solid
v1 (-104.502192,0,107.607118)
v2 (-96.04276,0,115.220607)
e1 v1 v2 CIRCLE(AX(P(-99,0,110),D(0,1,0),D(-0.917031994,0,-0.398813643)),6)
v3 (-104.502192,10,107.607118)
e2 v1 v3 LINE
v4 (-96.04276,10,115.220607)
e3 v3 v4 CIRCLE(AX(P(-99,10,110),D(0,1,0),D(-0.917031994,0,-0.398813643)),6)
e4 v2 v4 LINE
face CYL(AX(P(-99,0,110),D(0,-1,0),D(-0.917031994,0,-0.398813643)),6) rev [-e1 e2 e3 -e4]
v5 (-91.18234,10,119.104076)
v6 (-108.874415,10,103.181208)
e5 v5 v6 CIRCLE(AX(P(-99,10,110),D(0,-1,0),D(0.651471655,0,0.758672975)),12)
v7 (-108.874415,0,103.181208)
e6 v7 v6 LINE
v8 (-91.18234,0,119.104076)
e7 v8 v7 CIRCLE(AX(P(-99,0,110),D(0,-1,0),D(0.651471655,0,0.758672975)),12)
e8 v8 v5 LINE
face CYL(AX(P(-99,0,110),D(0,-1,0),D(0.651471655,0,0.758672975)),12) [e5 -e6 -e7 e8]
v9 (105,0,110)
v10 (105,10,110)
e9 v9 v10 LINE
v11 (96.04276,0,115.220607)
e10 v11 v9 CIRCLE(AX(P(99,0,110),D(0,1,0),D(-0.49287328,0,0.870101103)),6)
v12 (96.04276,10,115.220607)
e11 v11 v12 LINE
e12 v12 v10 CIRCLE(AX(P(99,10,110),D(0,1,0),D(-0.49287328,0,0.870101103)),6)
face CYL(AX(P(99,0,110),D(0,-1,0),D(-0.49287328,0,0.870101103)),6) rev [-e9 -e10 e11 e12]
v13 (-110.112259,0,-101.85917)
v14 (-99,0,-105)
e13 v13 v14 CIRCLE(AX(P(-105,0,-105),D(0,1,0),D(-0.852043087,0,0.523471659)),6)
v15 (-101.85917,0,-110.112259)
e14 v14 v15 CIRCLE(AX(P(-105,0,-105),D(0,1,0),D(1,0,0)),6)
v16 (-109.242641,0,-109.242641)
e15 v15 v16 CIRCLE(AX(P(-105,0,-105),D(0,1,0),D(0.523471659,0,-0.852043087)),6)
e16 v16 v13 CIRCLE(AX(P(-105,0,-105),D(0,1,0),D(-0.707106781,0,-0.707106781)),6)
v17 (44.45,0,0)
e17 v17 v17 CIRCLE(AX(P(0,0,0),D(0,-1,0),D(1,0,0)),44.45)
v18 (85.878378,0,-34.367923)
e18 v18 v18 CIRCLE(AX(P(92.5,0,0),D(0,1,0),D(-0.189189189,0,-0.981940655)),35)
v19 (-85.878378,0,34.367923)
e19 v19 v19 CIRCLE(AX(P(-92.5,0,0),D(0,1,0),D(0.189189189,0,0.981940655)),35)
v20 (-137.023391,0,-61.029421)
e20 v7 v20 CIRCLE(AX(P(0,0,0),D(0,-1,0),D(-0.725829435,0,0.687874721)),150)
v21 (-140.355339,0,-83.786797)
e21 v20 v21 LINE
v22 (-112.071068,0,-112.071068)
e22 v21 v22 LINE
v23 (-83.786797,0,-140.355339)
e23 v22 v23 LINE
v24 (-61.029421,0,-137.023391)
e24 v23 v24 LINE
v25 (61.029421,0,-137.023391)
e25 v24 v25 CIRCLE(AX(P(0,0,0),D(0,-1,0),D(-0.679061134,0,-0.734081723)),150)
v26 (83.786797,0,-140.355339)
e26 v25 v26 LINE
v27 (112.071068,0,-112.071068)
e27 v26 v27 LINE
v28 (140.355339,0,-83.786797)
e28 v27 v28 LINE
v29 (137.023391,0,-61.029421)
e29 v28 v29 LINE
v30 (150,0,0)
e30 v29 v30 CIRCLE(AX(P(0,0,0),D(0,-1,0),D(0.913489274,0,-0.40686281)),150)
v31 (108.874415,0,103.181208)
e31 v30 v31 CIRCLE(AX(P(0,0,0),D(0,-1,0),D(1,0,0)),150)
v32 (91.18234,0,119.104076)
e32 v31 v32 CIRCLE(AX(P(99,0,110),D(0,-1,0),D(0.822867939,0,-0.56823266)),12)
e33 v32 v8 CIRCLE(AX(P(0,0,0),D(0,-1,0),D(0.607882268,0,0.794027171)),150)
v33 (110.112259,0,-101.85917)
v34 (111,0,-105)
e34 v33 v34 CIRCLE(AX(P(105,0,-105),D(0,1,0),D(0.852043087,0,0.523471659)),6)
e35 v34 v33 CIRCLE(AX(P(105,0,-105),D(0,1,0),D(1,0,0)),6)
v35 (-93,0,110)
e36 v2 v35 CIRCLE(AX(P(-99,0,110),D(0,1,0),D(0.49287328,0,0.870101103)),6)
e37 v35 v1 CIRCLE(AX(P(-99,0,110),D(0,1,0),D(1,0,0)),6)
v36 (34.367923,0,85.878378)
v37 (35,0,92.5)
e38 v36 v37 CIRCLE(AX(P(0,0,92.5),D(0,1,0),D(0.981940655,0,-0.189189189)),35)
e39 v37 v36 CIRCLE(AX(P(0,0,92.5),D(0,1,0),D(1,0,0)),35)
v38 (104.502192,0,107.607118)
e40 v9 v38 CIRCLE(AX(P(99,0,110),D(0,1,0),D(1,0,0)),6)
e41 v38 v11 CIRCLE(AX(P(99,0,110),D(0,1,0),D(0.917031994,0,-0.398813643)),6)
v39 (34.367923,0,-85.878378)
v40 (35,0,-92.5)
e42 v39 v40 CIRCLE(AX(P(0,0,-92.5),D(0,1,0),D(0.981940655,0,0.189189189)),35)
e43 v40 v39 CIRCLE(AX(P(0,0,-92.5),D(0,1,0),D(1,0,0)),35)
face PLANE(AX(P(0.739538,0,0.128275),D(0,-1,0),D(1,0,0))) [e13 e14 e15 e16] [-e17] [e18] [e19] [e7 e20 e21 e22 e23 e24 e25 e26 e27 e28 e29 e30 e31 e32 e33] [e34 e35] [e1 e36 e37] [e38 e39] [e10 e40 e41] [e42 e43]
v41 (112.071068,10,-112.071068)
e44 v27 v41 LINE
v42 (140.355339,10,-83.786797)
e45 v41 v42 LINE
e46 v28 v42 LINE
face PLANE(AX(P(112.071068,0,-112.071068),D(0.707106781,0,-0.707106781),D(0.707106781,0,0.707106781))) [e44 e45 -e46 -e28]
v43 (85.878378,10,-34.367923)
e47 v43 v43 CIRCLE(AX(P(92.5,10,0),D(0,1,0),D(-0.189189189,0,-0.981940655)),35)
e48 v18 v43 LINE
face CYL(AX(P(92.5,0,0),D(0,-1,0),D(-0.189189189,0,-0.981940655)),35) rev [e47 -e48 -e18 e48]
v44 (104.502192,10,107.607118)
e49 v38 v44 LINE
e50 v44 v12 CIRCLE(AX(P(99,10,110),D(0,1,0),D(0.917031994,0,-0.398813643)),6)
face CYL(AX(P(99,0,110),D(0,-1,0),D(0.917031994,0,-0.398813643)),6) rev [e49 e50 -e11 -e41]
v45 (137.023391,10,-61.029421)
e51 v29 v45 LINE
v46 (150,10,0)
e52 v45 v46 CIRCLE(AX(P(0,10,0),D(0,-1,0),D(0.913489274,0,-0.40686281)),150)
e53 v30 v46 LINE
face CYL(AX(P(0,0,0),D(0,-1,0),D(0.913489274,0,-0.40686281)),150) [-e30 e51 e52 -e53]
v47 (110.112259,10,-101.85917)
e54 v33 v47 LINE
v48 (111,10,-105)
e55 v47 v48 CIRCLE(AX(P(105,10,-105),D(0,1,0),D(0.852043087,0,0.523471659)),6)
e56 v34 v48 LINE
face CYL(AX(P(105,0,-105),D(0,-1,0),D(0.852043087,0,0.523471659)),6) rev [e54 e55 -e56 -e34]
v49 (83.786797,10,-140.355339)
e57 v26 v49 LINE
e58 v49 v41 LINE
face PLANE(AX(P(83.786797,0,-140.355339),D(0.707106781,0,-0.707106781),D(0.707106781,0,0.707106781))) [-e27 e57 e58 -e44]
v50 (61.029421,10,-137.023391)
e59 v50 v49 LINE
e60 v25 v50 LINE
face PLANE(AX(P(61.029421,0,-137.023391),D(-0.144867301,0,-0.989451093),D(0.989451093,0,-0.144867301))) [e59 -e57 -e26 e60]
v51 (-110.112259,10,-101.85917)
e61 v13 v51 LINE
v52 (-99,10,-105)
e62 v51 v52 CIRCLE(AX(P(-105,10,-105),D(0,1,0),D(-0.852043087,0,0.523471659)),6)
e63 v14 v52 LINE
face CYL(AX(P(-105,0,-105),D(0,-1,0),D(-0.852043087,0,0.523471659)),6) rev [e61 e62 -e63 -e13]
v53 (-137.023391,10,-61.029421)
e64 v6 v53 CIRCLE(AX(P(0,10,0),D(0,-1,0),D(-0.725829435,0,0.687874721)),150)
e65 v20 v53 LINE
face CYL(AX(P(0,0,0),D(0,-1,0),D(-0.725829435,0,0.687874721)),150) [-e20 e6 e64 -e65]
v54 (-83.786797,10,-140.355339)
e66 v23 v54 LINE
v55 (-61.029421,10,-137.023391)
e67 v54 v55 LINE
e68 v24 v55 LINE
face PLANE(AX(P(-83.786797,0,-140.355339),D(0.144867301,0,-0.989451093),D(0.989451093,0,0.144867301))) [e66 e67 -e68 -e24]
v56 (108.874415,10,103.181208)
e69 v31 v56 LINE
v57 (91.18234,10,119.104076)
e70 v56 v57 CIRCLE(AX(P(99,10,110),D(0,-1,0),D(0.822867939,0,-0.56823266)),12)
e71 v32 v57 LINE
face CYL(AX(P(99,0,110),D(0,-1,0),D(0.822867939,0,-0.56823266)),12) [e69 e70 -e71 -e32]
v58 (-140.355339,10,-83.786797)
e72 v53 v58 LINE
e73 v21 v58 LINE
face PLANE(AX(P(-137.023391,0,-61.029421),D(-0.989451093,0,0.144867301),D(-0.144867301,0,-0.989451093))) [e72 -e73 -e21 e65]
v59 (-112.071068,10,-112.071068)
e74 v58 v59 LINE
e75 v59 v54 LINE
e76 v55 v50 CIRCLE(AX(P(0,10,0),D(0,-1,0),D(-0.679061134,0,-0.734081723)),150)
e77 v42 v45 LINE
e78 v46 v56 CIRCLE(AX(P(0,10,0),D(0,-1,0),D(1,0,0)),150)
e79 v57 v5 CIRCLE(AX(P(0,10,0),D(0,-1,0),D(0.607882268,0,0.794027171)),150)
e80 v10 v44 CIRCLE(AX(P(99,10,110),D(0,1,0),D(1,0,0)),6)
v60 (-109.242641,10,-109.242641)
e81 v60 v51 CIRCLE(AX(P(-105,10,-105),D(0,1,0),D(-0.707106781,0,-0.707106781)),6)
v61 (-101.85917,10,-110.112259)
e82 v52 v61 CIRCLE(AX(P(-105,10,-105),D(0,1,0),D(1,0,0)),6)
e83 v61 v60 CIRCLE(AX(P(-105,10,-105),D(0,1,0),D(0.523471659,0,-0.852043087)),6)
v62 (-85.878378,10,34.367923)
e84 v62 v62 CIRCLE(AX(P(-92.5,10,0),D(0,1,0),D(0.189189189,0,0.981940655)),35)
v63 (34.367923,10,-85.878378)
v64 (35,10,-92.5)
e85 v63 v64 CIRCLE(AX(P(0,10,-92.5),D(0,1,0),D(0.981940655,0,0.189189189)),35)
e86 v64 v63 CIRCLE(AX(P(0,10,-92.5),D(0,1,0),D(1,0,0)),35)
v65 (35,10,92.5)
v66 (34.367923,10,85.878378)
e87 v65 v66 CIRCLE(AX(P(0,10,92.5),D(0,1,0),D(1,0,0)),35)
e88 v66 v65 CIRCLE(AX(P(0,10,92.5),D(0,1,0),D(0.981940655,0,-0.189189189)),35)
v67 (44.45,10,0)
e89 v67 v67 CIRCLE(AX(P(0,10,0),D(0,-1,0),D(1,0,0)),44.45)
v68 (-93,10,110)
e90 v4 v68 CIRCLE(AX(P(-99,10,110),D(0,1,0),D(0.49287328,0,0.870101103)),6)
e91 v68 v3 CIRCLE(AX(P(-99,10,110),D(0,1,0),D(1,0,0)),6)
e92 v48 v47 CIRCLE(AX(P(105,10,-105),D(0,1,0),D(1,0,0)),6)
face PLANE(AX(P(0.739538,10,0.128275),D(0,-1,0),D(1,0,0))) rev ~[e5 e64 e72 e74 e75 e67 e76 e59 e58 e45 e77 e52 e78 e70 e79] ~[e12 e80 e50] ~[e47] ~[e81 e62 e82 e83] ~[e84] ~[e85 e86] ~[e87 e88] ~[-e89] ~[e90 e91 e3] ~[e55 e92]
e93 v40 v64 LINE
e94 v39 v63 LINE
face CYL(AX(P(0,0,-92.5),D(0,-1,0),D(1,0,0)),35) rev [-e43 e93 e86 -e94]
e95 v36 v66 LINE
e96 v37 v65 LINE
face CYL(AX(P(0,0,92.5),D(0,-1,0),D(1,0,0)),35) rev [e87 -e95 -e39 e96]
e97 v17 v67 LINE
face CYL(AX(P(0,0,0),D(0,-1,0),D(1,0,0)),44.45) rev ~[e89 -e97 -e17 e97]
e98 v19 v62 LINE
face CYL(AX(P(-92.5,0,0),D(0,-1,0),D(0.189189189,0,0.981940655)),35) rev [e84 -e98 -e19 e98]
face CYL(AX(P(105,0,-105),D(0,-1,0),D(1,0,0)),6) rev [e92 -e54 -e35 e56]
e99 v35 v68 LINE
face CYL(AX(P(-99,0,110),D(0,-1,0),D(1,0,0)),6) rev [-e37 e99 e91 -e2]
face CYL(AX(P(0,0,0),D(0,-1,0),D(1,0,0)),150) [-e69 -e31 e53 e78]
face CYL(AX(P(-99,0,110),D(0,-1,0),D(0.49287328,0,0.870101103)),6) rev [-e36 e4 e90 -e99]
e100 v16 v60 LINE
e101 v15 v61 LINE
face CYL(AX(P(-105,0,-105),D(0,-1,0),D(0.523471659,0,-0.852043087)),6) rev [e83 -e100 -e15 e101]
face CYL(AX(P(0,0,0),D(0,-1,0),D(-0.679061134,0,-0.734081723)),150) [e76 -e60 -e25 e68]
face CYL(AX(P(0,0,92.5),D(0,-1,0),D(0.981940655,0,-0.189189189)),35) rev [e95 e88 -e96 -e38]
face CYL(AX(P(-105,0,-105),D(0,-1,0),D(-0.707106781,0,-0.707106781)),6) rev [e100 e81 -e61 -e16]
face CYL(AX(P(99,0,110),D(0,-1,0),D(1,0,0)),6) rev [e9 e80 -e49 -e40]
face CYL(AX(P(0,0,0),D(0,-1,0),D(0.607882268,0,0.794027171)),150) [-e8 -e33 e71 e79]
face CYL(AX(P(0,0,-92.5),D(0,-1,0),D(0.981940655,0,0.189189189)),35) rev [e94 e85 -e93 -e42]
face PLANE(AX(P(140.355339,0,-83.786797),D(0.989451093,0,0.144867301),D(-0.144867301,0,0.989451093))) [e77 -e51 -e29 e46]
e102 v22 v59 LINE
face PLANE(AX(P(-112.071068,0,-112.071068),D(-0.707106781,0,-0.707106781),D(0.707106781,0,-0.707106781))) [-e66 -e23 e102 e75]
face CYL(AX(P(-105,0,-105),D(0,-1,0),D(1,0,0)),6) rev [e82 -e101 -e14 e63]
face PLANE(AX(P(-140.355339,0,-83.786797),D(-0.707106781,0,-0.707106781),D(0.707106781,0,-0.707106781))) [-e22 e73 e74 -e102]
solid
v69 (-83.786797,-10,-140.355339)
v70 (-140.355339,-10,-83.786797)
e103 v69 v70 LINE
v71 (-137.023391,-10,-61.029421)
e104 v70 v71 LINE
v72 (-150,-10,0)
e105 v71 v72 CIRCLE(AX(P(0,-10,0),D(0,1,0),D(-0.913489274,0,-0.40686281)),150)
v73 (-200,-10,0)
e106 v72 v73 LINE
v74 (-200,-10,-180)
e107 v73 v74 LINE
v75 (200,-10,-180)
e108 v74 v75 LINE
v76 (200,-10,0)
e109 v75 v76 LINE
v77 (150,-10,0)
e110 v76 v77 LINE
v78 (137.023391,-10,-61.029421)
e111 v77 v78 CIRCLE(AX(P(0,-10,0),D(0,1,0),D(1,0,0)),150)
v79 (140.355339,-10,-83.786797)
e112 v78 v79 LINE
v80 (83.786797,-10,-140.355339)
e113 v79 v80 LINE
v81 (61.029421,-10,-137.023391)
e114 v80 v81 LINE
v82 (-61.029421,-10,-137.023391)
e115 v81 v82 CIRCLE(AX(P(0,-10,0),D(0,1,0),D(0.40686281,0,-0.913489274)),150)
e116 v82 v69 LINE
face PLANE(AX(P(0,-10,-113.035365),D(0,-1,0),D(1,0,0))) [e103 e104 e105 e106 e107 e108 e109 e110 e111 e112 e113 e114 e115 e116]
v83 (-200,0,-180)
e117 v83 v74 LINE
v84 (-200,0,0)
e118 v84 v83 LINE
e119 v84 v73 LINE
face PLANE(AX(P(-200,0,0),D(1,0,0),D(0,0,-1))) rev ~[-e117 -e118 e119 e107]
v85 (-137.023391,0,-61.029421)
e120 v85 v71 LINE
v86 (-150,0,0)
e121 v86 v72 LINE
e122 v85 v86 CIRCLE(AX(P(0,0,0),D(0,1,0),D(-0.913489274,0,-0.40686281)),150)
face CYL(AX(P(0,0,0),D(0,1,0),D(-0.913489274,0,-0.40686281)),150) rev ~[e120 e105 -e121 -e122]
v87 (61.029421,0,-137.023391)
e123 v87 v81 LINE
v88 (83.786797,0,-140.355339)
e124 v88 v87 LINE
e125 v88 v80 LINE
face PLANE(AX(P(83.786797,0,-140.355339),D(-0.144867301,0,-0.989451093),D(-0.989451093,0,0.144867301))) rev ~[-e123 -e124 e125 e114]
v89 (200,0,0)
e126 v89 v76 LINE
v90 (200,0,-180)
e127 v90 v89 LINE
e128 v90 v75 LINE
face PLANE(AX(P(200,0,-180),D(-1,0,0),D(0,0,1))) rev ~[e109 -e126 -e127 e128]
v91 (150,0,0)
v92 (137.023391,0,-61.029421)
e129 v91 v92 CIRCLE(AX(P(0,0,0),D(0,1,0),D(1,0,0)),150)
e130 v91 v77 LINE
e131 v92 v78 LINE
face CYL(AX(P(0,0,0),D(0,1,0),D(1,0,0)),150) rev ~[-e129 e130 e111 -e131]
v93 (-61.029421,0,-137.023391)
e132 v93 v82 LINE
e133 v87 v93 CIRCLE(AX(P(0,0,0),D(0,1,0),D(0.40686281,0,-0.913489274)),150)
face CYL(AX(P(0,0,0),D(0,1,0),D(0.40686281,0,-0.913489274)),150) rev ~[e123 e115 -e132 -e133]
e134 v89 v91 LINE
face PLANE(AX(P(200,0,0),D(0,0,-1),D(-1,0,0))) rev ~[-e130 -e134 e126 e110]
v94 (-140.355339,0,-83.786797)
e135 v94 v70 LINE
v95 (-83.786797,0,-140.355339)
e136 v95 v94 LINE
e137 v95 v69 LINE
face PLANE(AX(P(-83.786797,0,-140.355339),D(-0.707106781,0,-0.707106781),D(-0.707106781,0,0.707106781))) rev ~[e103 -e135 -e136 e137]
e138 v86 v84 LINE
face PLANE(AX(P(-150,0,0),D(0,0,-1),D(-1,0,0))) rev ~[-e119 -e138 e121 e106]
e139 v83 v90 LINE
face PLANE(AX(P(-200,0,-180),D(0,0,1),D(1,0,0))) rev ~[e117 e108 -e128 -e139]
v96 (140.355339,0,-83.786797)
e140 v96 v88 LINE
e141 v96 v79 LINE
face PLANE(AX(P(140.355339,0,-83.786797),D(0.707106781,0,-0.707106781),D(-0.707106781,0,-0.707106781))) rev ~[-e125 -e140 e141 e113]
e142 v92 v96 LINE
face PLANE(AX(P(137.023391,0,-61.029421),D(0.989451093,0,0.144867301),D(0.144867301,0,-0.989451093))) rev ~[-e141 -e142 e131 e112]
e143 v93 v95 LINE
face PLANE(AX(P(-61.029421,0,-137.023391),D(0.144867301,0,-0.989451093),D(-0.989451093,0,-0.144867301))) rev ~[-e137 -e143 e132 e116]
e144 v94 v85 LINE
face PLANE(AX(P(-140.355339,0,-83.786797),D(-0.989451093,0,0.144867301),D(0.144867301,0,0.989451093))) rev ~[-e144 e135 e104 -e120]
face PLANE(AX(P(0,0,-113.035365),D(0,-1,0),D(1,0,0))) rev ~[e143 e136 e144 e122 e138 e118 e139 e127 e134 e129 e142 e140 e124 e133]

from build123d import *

# Parameters (mm, degrees)
F0_R     = 140
F0_R_2   = 44.45
F1_DEPTH = 10
F3_DEPTH = 10


with BuildPart() as f1:
    # F0 (on Front) → F1 (new body)
    with BuildSketch(Plane.XZ):
        with BuildLine():
            ThreePointArc((137.0233911422, -61.0294214285), (146.7199861493, -31.196885491), (150, 0))
            ThreePointArc((150, 0), (139.3398045954, 55.537544556), (108.8744152626, 103.1812080819))
            ThreePointArc((108.8744152626, 103.1812080819), (106.711251974, 105.4168331062), (104.5021919642, 107.6071181413))
            ThreePointArc((104.5021919642, 107.6071181413), (94.9862116103, 105.5402351225), (96.0427603211, 115.2206066201))
            ThreePointArc((96.0427603211, 115.2206066201), (93.632686031, 117.1875424549), (91.1823401367, 119.1040756951))
            ThreePointArc((91.1823401367, 119.1040756951), (0, 150), (-91.1823401367, 119.1040756951))
            ThreePointArc((-91.1823401367, 119.1040756951), (-93.632686031, 117.1875424549), (-96.0427603211, 115.2206066201))
            ThreePointArc((-96.0427603211, 115.2206066201), (-93.8162061155, 113.0213045135), (-93, 110))
            ThreePointArc((-93, 110), (-97.7779426742, 104.1257701873), (-104.5021919642, 107.6071181413))
            ThreePointArc((-104.5021919642, 107.6071181413), (-106.711251974, 105.4168331062), (-108.8744152626, 103.1812080819))
            ThreePointArc((-108.8744152626, 103.1812080819), (-147.8435507884, 25.3433322649), (-137.0233911422, -61.0294214285))
            ThreePointArc((-137.0233911422, -61.0294214285), (-125.2428617807, -82.548322654), (-110.1122585236, -101.8591700479))
            ThreePointArc((-110.1122585236, -101.8591700479), (-103.3680611441, -99.2261992093), (-99, -105))
            ThreePointArc((-99, -105), (-99.7633512762, -107.9287386609), (-101.8591700479, -110.1122585236))
            ThreePointArc((-101.8591700479, -110.1122585236), (-82.548322654, -125.2428617807), (-61.0294214285, -137.0233911422))
            ThreePointArc((-61.0294214285, -137.0233911422), (0, -150), (61.0294214285, -137.0233911422))
            ThreePointArc((61.0294214285, -137.0233911422), (82.548322654, -125.2428617807), (101.8591700479, -110.1122585236))
            ThreePointArc((101.8591700479, -110.1122585236), (100.7573593129, -100.7573593129), (110.1122585236, -101.8591700479))
            ThreePointArc((110.1122585236, -101.8591700479), (125.2428617807, -82.548322654), (137.0233911422, -61.0294214285))
        make_face()
        Circle(F0_R, mode=Mode.SUBTRACT)
        Circle(F0_R)
        with BuildLine():
            ThreePointArc((-34.3679229384, 85.8783783784), (-3.325860577, 127.3416223994), (35, 92.5))
            ThreePointArc((35, 92.5), (34.8416223994, 89.174139423), (34.3679229384, 85.8783783784))
            ThreePointArc((34.3679229384, 85.8783783784), (65.4073772598, 65.4073772598), (85.8783783784, 34.3679229384))
            ThreePointArc((85.8783783784, 34.3679229384), (114.7850088988, 26.9884860335), (127.5, 0))
            ThreePointArc((127.5, 0), (114.7850088988, -26.9884860335), (85.8783783784, -34.3679229384))
            ThreePointArc((85.8783783784, -34.3679229384), (65.4073772598, -65.4073772598), (34.3679229384, -85.8783783784))
            ThreePointArc((34.3679229384, -85.8783783784), (34.8416223994, -89.174139423), (35, -92.5))
            ThreePointArc((35, -92.5), (-3.325860577, -127.3416223994), (-34.3679229384, -85.8783783784))
            ThreePointArc((-34.3679229384, -85.8783783784), (-65.4073772598, -65.4073772598), (-85.8783783784, -34.3679229384))
            ThreePointArc((-85.8783783784, -34.3679229384), (-127.5, 0), (-85.8783783784, 34.3679229384))
            ThreePointArc((-85.8783783784, 34.3679229384), (-65.4073772598, 65.4073772598), (-34.3679229384, 85.8783783784))
        make_face(mode=Mode.SUBTRACT)
        with BuildLine():
            ThreePointArc((34.3679229384, 85.8783783784), (0, 57.5), (-34.3679229384, 85.8783783784))
            ThreePointArc((-34.3679229384, 85.8783783784), (-65.4073772598, 65.4073772598), (-85.8783783784, 34.3679229384))
            ThreePointArc((-85.8783783784, 34.3679229384), (-65.5115139665, 22.2850088988), (-57.5, 0))
            ThreePointArc((-57.5, 0), (-65.5115139665, -22.2850088988), (-85.8783783784, -34.3679229384))
            ThreePointArc((-85.8783783784, -34.3679229384), (-65.4073772598, -65.4073772598), (-34.3679229384, -85.8783783784))
            ThreePointArc((-34.3679229384, -85.8783783784), (0, -57.5), (34.3679229384, -85.8783783784))
            ThreePointArc((34.3679229384, -85.8783783784), (65.4073772598, -65.4073772598), (85.8783783784, -34.3679229384))
            ThreePointArc((85.8783783784, -34.3679229384), (57.5, 0), (85.8783783784, 34.3679229384))
            ThreePointArc((85.8783783784, 34.3679229384), (65.4073772598, 65.4073772598), (34.3679229384, 85.8783783784))
        make_face()
        Circle(F0_R_2, mode=Mode.SUBTRACT)
        with BuildLine():
            Line((140.3553390593, -83.7867965644), (137.0233911422, -61.0294214285))
            ThreePointArc((137.0233911422, -61.0294214285), (125.2428617807, -82.548322654), (110.1122585236, -101.8591700479))
            ThreePointArc((110.1122585236, -101.8591700479), (110.7738007907, -103.3680611441), (111, -105))
            ThreePointArc((111, -105), (107.9287386609, -110.2366487238), (101.8591700479, -110.1122585236))
            ThreePointArc((101.8591700479, -110.1122585236), (82.548322654, -125.2428617807), (61.0294214285, -137.0233911422))
            Line((61.0294214285, -137.0233911422), (83.7867965644, -140.3553390593))
            Line((83.7867965644, -140.3553390593), (112.0710678119, -112.0710678119))
            Line((112.0710678119, -112.0710678119), (140.3553390593, -83.7867965644))
        make_face()
        with BuildLine():
            Line((-83.7867965644, -140.3553390593), (-61.0294214285, -137.0233911422))
            ThreePointArc((-61.0294214285, -137.0233911422), (-82.548322654, -125.2428617807), (-101.8591700479, -110.1122585236))
            ThreePointArc((-101.8591700479, -110.1122585236), (-105.7018229971, -110.9588123381), (-109.2426406871, -109.2426406871))
            Line((-109.2426406871, -109.2426406871), (-112.0710678119, -112.0710678119))
            Line((-112.0710678119, -112.0710678119), (-83.7867965644, -140.3553390593))
        make_face()
        with BuildLine():
            ThreePointArc((-110.1122585236, -101.8591700479), (-125.2428617807, -82.548322654), (-137.0233911422, -61.0294214285))
            Line((-137.0233911422, -61.0294214285), (-140.3553390593, -83.7867965644))
            Line((-140.3553390593, -83.7867965644), (-112.0710678119, -112.0710678119))
            Line((-112.0710678119, -112.0710678119), (-109.2426406871, -109.2426406871))
            ThreePointArc((-109.2426406871, -109.2426406871), (-110.9588123381, -105.7018229971), (-110.1122585236, -101.8591700479))
        make_face()
        with BuildLine():
            ThreePointArc((104.5021919642, 107.6071181413), (106.711251974, 105.4168331062), (108.8744152626, 103.1812080819))
            ThreePointArc((108.8744152626, 103.1812080819), (107.0275767795, 118.919529755), (91.1823401367, 119.1040756951))
            ThreePointArc((91.1823401367, 119.1040756951), (93.632686031, 117.1875424549), (96.0427603211, 115.2206066201))
            ThreePointArc((96.0427603211, 115.2206066201), (102.0213045135, 115.1837938845), (105, 110))
            ThreePointArc((105, 110), (104.8742298127, 108.7779426742), (104.5021919642, 107.6071181413))
        make_face()
        with BuildLine():
            ThreePointArc((-96.0427603211, 115.2206066201), (-93.632686031, 117.1875424549), (-91.1823401367, 119.1040756951))
            ThreePointArc((-91.1823401367, 119.1040756951), (-107.0275767795, 118.919529755), (-108.8744152626, 103.1812080819))
            ThreePointArc((-108.8744152626, 103.1812080819), (-106.711251974, 105.4168331062), (-104.5021919642, 107.6071181413))
            ThreePointArc((-104.5021919642, 107.6071181413), (-103.0137883897, 114.4597648775), (-96.0427603211, 115.2206066201))
        make_face()
    extrude(amount=-F1_DEPTH)


with BuildPart() as f3:
    # F2 (on face) → F3 (new body)
    with BuildSketch(Plane.XZ):
        with BuildLine():
            Line((200, 0), (150, 0))
            ThreePointArc((150, 0), (146.7199861493, -31.196885491), (137.0233911422, -61.0294214285))
            Line((137.0233911422, -61.0294214285), (140.3553390593, -83.7867965644))
            Line((140.3553390593, -83.7867965644), (83.7867965644, -140.3553390593))
            Line((83.7867965644, -140.3553390593), (61.0294214285, -137.0233911422))
            ThreePointArc((61.0294214285, -137.0233911422), (0, -150), (-61.0294214285, -137.0233911422))
            Line((-61.0294214285, -137.0233911422), (-83.7867965644, -140.3553390593))
            Line((-83.7867965644, -140.3553390593), (-140.3553390593, -83.7867965644))
            Line((-140.3553390593, -83.7867965644), (-137.0233911422, -61.0294214285))
            ThreePointArc((-137.0233911422, -61.0294214285), (-146.7199861493, -31.196885491), (-150, 0))
            Line((-150, 0), (-200, 0))
            Line((-200, 0), (-200, -180))
            Line((-200, -180), (200, -180))
            Line((200, -180), (200, 0))
        make_face()
    extrude(amount=F3_DEPTH)


solid = Compound([f1.part, f3.part])
